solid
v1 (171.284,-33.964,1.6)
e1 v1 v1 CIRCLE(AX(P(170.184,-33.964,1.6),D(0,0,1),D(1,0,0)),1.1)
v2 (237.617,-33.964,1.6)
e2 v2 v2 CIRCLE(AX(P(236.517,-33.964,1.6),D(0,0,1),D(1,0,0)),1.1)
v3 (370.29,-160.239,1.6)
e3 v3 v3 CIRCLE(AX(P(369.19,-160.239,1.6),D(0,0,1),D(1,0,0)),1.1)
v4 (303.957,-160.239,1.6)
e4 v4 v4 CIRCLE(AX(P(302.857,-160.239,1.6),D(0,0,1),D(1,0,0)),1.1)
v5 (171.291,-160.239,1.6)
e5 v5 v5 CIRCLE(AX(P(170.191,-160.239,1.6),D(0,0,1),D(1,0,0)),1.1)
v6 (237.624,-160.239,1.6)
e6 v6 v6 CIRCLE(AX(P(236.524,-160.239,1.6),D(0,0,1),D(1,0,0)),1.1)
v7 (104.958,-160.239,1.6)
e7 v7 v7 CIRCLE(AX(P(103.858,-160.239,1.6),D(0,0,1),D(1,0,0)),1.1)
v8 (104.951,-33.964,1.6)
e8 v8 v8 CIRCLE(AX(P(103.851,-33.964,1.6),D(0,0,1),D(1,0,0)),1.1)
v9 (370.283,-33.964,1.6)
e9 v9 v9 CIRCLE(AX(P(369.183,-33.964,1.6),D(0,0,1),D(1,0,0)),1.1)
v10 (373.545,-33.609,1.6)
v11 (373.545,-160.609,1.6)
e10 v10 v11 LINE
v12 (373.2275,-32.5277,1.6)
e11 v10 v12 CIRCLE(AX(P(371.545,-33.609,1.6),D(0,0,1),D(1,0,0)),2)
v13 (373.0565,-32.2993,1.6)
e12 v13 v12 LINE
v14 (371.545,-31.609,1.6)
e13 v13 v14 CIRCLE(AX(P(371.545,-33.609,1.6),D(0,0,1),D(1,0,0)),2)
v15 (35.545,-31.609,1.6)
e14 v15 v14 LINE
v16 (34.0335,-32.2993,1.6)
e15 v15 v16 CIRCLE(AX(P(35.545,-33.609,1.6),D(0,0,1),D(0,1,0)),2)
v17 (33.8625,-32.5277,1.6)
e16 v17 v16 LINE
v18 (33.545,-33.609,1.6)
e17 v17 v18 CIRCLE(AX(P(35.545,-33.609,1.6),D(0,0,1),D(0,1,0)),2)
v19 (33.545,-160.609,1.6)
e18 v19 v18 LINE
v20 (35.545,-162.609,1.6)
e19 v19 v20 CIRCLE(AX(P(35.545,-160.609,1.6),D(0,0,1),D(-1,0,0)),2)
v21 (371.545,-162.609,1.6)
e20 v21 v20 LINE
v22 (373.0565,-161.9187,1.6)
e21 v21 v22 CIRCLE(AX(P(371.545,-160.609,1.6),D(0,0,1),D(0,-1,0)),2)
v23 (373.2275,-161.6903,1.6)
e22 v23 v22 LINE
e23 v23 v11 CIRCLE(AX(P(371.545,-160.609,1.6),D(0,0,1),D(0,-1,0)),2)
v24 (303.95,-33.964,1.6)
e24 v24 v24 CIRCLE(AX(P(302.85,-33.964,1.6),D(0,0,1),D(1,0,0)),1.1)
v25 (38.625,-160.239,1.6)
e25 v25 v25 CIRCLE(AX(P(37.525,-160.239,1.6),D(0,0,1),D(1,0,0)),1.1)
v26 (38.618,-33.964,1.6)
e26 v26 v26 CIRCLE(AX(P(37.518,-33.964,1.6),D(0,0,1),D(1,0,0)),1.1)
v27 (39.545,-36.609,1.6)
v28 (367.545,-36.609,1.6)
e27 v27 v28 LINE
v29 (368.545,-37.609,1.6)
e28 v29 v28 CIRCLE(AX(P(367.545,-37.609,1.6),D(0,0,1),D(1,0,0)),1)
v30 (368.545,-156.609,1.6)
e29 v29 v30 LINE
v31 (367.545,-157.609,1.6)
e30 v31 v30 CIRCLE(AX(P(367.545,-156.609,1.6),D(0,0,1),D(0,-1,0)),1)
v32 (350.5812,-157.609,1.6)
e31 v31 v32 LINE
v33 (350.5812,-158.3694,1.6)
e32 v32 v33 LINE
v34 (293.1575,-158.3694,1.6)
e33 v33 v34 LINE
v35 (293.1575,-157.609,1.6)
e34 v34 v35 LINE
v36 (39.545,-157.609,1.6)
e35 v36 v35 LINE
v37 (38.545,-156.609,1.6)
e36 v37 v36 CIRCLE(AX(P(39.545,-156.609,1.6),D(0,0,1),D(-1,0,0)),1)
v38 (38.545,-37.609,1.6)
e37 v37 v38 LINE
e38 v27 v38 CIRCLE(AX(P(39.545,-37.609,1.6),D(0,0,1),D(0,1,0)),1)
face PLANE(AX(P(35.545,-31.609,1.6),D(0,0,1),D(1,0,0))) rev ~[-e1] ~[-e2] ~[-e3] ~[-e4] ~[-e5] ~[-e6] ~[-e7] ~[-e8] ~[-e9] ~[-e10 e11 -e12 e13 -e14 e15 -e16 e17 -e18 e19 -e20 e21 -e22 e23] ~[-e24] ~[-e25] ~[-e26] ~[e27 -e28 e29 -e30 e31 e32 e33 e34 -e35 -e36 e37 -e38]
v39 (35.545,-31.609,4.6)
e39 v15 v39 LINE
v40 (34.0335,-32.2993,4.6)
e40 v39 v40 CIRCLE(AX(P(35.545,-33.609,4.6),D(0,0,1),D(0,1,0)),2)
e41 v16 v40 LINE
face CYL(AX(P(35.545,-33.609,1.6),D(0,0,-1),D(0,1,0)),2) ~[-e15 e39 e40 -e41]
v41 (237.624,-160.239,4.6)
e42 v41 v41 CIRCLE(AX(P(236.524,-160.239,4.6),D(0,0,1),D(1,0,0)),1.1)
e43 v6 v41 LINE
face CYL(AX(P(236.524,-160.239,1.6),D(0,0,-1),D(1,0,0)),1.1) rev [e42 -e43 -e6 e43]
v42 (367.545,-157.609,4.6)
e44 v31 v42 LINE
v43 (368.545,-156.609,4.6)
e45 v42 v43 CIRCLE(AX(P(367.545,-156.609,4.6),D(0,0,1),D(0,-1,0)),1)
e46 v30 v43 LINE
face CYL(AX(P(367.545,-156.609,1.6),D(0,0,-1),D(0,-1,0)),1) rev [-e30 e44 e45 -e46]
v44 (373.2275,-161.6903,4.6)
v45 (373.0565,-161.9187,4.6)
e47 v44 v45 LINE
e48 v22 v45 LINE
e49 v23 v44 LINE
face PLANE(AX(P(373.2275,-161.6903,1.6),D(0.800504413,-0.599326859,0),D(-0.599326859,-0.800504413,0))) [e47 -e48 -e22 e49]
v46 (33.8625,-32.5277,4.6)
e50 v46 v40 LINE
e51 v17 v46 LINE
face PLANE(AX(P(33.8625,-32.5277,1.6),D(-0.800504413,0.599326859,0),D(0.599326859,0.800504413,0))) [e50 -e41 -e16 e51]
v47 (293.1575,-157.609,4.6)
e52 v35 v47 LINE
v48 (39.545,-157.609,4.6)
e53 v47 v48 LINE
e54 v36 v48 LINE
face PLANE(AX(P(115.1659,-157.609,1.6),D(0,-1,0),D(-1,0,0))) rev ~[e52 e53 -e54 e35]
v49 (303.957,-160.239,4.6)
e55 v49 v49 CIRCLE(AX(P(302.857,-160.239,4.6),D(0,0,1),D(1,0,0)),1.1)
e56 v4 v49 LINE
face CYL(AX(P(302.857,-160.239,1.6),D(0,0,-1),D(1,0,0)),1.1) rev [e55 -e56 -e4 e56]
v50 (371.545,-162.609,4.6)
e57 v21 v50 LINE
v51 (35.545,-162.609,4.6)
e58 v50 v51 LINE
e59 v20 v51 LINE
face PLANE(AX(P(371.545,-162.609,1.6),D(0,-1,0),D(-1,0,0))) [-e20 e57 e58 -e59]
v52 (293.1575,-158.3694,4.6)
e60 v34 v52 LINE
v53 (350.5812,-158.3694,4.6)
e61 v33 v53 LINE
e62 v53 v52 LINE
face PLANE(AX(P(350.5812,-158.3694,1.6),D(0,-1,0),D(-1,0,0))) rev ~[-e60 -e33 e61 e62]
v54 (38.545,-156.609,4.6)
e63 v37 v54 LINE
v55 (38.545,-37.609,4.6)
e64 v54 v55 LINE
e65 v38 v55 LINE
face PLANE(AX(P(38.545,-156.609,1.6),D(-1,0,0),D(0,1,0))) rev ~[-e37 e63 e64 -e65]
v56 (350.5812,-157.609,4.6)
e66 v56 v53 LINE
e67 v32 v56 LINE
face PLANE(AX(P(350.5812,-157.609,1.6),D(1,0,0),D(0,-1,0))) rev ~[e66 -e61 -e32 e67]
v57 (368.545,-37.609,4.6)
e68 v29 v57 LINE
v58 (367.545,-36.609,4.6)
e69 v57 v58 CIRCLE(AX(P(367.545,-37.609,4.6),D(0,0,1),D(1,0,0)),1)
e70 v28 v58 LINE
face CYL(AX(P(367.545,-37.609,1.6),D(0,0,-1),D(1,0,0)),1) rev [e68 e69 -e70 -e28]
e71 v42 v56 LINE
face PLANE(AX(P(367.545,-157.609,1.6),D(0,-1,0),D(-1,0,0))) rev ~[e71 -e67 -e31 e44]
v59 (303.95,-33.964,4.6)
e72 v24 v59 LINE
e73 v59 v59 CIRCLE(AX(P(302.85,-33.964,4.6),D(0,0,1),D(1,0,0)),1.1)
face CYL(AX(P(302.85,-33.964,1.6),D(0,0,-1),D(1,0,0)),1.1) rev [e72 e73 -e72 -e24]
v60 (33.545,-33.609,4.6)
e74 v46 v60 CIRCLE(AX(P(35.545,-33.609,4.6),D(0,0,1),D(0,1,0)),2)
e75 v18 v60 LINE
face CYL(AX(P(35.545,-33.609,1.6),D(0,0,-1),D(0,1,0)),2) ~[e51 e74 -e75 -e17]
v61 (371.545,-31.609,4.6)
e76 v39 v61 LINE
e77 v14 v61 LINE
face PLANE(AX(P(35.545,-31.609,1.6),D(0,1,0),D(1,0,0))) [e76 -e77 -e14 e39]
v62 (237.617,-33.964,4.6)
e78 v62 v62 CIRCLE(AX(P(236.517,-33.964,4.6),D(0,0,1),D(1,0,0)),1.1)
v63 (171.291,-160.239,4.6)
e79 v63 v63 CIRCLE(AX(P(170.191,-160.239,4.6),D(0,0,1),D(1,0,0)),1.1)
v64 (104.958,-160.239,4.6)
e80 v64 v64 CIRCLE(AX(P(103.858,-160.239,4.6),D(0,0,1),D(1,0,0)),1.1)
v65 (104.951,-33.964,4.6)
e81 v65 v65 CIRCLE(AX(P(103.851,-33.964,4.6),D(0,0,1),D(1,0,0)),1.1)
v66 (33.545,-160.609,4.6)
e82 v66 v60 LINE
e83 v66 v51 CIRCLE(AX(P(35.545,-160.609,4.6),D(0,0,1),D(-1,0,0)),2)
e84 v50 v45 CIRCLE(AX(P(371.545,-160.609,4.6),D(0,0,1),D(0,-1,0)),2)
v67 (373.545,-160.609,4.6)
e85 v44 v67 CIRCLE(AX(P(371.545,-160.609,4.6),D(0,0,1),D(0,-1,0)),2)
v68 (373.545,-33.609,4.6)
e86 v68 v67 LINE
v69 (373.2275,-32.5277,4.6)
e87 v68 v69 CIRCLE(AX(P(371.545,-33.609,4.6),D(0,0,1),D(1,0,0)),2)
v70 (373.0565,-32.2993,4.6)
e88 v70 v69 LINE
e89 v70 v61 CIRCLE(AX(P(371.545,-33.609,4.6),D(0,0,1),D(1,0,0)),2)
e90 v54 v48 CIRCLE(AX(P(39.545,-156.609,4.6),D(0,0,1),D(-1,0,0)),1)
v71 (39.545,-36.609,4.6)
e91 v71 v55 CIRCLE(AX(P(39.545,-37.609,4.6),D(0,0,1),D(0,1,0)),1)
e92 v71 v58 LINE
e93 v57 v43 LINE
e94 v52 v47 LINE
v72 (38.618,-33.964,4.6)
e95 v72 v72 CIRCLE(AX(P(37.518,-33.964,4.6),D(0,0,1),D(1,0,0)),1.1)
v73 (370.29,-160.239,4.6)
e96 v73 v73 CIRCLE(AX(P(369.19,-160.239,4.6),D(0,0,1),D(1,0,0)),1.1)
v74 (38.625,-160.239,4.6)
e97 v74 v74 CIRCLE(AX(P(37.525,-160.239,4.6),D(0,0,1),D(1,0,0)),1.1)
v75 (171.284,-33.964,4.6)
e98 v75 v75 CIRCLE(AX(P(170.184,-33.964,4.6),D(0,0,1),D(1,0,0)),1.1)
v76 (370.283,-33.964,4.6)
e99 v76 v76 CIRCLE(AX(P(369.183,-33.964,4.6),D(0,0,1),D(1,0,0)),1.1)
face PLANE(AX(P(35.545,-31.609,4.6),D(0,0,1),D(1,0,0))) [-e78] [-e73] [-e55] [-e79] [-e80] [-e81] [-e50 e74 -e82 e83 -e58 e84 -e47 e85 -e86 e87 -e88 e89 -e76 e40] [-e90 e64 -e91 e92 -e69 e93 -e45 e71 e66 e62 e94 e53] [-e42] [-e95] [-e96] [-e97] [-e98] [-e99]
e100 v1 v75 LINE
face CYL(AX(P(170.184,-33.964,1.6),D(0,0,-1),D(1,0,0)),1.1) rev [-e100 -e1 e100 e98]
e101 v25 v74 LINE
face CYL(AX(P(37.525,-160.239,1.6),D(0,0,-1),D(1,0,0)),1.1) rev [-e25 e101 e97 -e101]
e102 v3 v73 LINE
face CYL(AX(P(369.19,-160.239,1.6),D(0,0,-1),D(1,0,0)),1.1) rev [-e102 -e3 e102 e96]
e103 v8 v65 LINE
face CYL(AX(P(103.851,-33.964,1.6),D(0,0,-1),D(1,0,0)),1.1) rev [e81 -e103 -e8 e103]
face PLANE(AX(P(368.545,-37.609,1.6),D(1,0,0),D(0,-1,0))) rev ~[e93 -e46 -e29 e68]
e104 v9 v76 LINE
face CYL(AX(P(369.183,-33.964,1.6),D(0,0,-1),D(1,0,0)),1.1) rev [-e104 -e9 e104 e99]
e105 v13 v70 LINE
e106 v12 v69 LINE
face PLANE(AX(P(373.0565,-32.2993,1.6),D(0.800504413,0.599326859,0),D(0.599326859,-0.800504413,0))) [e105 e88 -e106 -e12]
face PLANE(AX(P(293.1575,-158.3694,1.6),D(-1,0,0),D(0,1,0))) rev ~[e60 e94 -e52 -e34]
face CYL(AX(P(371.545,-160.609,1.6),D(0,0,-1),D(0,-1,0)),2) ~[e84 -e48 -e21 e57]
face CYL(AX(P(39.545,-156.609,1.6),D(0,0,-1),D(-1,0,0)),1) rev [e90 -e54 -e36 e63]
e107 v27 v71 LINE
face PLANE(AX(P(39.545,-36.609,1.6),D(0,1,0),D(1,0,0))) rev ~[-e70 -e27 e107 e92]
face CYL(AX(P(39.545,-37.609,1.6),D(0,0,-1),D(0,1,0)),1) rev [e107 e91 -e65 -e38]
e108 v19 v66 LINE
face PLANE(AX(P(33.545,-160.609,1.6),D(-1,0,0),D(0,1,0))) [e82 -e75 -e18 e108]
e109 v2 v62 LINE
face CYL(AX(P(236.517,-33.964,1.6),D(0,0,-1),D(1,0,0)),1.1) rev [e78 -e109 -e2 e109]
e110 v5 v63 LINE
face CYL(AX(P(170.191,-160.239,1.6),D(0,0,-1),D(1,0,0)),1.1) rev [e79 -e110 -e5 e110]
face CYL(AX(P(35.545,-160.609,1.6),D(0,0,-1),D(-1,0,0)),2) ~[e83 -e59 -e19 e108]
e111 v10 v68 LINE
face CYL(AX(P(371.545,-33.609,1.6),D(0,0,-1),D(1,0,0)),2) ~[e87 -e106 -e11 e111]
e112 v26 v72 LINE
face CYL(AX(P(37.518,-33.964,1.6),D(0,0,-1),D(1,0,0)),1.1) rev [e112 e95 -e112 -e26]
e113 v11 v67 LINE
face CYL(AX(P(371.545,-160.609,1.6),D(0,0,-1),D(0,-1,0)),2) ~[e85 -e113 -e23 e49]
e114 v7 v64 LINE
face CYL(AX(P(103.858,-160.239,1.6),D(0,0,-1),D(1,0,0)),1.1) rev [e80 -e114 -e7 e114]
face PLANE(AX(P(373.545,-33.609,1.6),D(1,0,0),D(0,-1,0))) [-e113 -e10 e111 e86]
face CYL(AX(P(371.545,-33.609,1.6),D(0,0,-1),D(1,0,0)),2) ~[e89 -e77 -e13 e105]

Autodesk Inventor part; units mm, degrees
ref_plane "YZ Plane" through (0, 0, 0) normal (1, 0, 0) x (0, 1, 0)
ref_plane "XZ Plane" through (0, 0, 0) normal (0, 1, 0) x (-1, 0, 0)
ref_plane "XY Plane" through (0, 0, 0) normal (0, 0, 1) x (1, 0, 0)
ref_plane "Work Plane2" through (35.545, -31.609, 1.6) normal (0, 0, 1) x (1, 0, 0)
ref_plane "Work Plane1" through (35.545, -31.609, 1.6) normal (0, 0, 1) x (1, 0, 0)
sketch "Sketch1" plane through (35.545, -31.609, 1.6) normal (0, 0, 1) x (1, 0, 0)
  line L0 (0, 0) -> (336, 0) projected
  line L1 (-2, -129) -> (-2, -2) projected
  line L2 (-1.6825, -0.9187) -> (-1.5115, -0.6903) projected
  arc A0 (0, 0) -> (-2, -2) centre (0, -2) ccw
  line L3 (338, -2) -> (338, -129) projected
  line L4 (337.5115, -0.6903) -> (337.6825, -0.9187) projected
  arc A1 (338, -2) -> (336, 0) centre (336, -2) ccw
  line L5 (336, -131) -> (0, -131) projected
  line L6 (337.6825, -130.0813) -> (337.5115, -130.3097) projected
  arc A2 (336, -131) -> (338, -129) centre (336, -129) ccw
  arc A3 (-2, -129) -> (0, -131) centre (0, -129) ccw
  circle A4 centre (1.98, -128.63) radius 1.1 projected
  circle A5 centre (1.98, -128.63) radius 1.1
  circle A6 centre (68.313, -128.63) radius 1.1 projected
  circle A7 centre (134.646, -128.63) radius 1.1 projected
  circle A8 centre (134.646, -128.63) radius 1.1
  circle A9 centre (68.313, -128.63) radius 1.1
  circle A10 centre (200.979, -128.63) radius 1.1 projected
  circle A11 centre (267.312, -128.63) radius 1.1 projected
  circle A12 centre (333.645, -128.63) radius 1.1 projected
  circle A13 centre (333.645, -128.63) radius 1.1
  circle A14 centre (267.312, -128.63) radius 1.1
  circle A15 centre (200.979, -128.63) radius 1.1
  circle A16 centre (333.638, -2.355) radius 1.1 projected
  circle A17 centre (1.973, -2.355) radius 1.1 projected
  circle A18 centre (68.306, -2.355) radius 1.1 projected
  circle A19 centre (134.639, -2.355) radius 1.1 projected
  circle A20 centre (200.972, -2.355) radius 1.1 projected
  circle A21 centre (267.305, -2.355) radius 1.1 projected
  circle A22 centre (333.645, -2.355) radius 1.093
  circle A23 centre (267.305, -2.355) radius 1.1
  circle A24 centre (200.972, -2.355) radius 1.1
  circle A25 centre (134.639, -2.355) radius 1.1
  circle A26 centre (68.306, -2.355) radius 1.1
  circle A27 centre (1.973, -2.355) radius 1.1
  line L7 (3, -4.2357) -> (125.2758, -4.2357) construction
  line L8 (4, -5) -> (332, -5)
  line L9 (333, -6) -> (333, -125)
  line L10 (332, -126) -> (4, -126)
  line L11 (3, -125) -> (3, -6)
  arc A28 (4, -5) -> (3, -6) centre (4, -6) ccw
  arc A29 (333, -6) -> (332, -5) centre (332, -6) ccw
  arc A30 (332, -126) -> (333, -125) centre (332, -125) ccw
  arc A31 (3, -125) -> (4, -126) centre (4, -125) ccw
  circle A32 centre (320.737, -95.692) radius 0.175 projected
  line L12 (257.6125, -126) -> (315.0362, -126)
  line L13 (315.0362, -126) -> (315.0362, -126.7604)
  line L14 (315.0362, -126.7604) -> (257.6125, -126.7604)
  line L15 (257.6125, -126.7604) -> (257.6125, -126)
  line L16 (-4.5349, 3.2263) -> (341.5565, 3.0802) construction
  line L17 (341.5565, 3.0802) -> (341.4987, -133.8681) construction
  line L18 (341.4987, -133.8681) -> (-4.5927, -133.7221) construction
  line L19 (-4.5927, -133.7221) -> (-4.5349, 3.2263) construction
  line L20 (79.6209, -126) -> (189.9584, -126)
  line L21 (189.9584, -126) -> (189.9584, -126.7604)
  line L22 (189.9584, -126.7604) -> (79.6209, -126.7604)
  line L23 (79.6209, -126.7604) -> (79.6209, -126)
  point P0 (-35.545, 31.609)
  point P1 (-1.5115, -130.3097)
  point P2 (162.5077, 0)
  point P3 (162.5077, -5)
  point P4 (173.4174, -5)
  point P5 (173.4174, 0)
  point P6 (333, -88.192)
  point P7 (338, -88.192)
  point P8 (333, -102.192)
  point P9 (338, -102.192)
  point P10 (335.5, -88.192)
  point P11 (0, -131)
  point P12 (337.6825, -130.0813)
  point P13 (-1.6825, -0.9187)
  point P14 (337.6825, -0.9187)
  dimension "d2" = 5
  dimension "d3" = 5
  dimension "d4" = 5
  dimension "d5" = 5
  dimension "d6" = 1
  dimension "d7" = 1
  dimension "d8" = 1
  dimension "d9" = 1
extrude "Extrusion3" add sketch "Sketch1" along normal blind 3 contours L0 A1 L4 L3 A2 L6 L5 A3 L1 A0 L2 | L10 L21 L22 L23
properties part number "top-layer"
